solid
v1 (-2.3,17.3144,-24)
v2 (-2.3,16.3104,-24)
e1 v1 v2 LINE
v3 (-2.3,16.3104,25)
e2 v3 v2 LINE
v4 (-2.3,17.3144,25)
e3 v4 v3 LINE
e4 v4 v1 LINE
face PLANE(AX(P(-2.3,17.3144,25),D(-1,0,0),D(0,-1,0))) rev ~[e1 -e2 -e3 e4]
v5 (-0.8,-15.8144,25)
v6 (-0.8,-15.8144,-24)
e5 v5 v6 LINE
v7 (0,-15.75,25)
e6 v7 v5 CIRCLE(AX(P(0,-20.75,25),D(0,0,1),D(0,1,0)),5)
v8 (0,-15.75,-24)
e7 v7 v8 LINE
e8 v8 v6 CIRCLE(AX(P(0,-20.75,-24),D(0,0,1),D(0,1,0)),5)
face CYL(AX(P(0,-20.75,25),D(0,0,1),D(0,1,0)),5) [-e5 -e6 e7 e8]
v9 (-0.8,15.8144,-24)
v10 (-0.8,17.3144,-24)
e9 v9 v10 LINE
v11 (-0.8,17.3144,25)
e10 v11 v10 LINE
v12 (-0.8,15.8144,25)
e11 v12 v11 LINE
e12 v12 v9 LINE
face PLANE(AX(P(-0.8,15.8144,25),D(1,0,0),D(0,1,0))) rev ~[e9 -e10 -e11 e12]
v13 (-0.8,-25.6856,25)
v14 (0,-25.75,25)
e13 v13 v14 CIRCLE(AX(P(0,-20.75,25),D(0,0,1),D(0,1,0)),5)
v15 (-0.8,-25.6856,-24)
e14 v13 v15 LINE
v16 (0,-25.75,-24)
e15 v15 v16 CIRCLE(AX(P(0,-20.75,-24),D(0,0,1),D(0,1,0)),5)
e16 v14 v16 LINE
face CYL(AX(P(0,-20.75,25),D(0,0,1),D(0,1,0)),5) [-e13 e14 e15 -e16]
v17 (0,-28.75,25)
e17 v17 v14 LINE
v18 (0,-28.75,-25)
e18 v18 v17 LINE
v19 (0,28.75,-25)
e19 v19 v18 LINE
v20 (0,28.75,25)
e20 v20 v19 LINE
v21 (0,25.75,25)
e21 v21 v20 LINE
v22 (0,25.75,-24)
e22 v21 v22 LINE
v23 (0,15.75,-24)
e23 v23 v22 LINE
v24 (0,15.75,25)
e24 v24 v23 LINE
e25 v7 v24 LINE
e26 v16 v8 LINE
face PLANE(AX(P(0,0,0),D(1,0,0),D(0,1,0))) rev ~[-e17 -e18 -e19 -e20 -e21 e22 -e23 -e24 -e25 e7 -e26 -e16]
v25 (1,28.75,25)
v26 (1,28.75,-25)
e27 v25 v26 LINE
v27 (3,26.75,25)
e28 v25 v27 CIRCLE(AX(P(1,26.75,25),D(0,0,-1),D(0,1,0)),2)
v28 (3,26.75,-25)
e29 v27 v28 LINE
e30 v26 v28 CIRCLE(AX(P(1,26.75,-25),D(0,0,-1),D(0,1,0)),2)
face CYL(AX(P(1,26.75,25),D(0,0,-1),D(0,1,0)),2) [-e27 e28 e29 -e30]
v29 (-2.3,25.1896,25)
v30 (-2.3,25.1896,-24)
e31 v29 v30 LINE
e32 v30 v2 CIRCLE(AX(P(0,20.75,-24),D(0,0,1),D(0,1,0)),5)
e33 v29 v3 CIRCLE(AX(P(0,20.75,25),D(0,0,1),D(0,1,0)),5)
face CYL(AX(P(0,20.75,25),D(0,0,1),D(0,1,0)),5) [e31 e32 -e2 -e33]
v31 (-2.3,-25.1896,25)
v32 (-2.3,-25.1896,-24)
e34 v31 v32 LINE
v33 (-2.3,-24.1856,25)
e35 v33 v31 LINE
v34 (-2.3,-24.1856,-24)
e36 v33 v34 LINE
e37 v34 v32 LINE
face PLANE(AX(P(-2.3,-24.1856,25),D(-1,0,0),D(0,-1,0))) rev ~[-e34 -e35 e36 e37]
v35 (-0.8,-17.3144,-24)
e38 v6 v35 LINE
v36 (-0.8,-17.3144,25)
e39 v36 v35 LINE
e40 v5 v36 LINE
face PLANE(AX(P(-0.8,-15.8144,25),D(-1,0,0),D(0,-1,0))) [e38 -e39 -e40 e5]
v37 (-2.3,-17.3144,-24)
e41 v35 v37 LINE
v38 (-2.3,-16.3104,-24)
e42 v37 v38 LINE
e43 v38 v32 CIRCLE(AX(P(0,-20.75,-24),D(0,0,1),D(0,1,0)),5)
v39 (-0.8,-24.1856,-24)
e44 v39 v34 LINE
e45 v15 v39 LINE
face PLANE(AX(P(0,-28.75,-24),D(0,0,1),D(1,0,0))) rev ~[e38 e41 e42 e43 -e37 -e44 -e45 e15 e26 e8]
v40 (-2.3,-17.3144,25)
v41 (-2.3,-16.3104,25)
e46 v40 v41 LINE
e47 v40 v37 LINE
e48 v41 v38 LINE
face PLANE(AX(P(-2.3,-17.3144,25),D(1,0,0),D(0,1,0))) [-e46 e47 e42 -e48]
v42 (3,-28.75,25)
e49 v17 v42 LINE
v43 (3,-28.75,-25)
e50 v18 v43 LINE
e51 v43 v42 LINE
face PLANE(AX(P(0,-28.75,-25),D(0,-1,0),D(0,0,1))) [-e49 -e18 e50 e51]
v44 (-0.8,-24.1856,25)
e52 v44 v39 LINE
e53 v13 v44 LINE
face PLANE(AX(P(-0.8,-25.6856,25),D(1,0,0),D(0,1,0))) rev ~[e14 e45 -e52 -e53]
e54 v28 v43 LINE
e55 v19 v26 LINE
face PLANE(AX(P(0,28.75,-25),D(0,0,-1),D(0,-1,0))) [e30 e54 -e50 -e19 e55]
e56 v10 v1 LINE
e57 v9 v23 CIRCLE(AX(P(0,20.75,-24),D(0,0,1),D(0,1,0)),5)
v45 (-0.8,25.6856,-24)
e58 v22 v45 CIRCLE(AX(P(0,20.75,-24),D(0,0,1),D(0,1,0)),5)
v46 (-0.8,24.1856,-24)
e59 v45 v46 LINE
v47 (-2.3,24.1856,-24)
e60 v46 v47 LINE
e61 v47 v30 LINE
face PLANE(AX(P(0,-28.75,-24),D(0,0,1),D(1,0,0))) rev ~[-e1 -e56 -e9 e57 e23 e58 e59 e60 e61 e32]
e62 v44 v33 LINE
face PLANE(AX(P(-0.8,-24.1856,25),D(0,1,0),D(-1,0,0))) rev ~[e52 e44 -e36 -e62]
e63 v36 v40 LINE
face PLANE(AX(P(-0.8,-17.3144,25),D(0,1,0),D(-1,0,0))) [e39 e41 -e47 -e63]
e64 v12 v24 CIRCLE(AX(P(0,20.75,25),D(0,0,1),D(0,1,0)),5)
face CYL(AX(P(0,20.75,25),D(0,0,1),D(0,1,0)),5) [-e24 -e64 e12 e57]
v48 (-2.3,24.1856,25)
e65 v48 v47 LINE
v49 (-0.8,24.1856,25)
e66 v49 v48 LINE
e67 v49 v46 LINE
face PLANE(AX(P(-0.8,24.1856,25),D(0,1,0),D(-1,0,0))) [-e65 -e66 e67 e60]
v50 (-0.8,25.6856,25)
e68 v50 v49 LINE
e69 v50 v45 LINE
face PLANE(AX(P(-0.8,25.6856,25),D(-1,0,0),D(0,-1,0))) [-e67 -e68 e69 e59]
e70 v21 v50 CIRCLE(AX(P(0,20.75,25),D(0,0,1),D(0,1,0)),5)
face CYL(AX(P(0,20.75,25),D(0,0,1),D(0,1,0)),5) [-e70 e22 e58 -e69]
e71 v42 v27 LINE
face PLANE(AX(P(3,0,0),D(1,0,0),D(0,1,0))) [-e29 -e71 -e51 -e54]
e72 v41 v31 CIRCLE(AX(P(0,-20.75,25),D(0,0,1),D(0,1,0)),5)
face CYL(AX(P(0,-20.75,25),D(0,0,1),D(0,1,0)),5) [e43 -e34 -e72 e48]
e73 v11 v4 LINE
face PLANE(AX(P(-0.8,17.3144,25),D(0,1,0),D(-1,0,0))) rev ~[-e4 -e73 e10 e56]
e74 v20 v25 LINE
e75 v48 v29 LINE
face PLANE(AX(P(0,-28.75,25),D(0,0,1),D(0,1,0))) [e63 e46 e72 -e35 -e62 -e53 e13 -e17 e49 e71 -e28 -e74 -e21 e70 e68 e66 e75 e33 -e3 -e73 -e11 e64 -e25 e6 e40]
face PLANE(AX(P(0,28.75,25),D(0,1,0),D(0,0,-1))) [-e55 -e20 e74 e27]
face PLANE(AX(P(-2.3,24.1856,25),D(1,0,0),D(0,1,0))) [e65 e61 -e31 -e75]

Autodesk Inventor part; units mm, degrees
ref_plane "YZ Plane" through (0, 0, 0) normal (1, 0, 0) x (0, 1, 0)
ref_plane "XZ Plane" through (0, 0, 0) normal (0, 1, 0) x (-1, 0, 0)
ref_plane "XY Plane" through (0, 0, 0) normal (0, 0, 1) x (1, 0, 0)
sketch "Sketch1" plane through (0, 0, 0) normal (1, 0, 0) x (0, 1, 0)
  line L0 (-28.75, 25) -> (28.75, 25)
  line L1 (28.75, 25) -> (28.75, -25)
  line L2 (28.75, -25) -> (-28.75, -25)
  line L3 (-28.75, -25) -> (-28.75, 25)
  line L4 (-28.75, 25) -> (28.75, -25) construction
  line L5 (28.75, 25) -> (-28.75, -25) construction
  point P0 (0, 0)
  dimension "d0" = 57.5
  dimension "d1" = 50
extrude "Extrusion1" add sketch "Sketch1" along normal blind 3
sketch "Sketch4" plane through (0, -28.75, 25) normal (0, 0, 1) x (1, 0, 0)
  line L0 (0, 0) -> (0, 57.5) projected
  arc A0 (0, 54.5) -> (0, 44.5) centre (0, 49.5) ccw
  line L1 (-0.8, 44.5644) -> (-0.8, 46.0644)
  line L2 (-0.8, 46.0644) -> (-2.3, 46.0644)
  line L3 (-2.3, 46.0644) -> (-2.3, 45.0604)
  line L4 (-5, 49.5) -> (0, 49.5) construction
  line L5 (-0.8, 54.4356) -> (-0.8, 52.9356)
  line L6 (-0.8, 52.9356) -> (-2.3, 52.9356)
  line L7 (-2.3, 52.9356) -> (-2.3, 53.9396)
  line L8 (0, 0) -> (3, 0) projected
  arc A1 (0, 13) -> (0, 3) centre (0, 8) ccw
  line L9 (-0.8, 3.0644) -> (-0.8, 4.5644)
  line L10 (-0.8, 4.5644) -> (-2.3, 4.5644)
  line L11 (-2.3, 4.5644) -> (-2.3, 3.5604)
  line L12 (-5, 8) -> (0, 8) construction
  line L13 (-0.8, 12.9356) -> (-0.8, 11.4356)
  line L14 (-0.8, 11.4356) -> (-2.3, 11.4356)
  line L15 (-2.3, 11.4356) -> (-2.3, 12.4396)
  point P0 (0, 28.75)
  point P1 (-2.3, 53.9396)
  dimension "d15" = 1.5
  dimension "d16" = 1.5
  dimension "d17" = 0.8
  dimension "d25" = 3
  dimension "d26" = 10
  dimension "d28" = 1.5
  dimension "d31" = 10
  dimension "d32" = 3
  dimension "d33" = 1.5
extrude "Extrusion3" add sketch "Sketch4" against normal blind 49 contours A0 L1 L2 L3 L7 L6 L5 L0
fillet "Fillet2" radius 2 1 edges at (3, 28.75, 0)
extrude "Extrusion4" add sketch "Sketch4" against normal blind 49 contours A1 L9 L10 L11 L15 L14 L13 L0
properties part number "Cover of Sensors_3DPrint"
